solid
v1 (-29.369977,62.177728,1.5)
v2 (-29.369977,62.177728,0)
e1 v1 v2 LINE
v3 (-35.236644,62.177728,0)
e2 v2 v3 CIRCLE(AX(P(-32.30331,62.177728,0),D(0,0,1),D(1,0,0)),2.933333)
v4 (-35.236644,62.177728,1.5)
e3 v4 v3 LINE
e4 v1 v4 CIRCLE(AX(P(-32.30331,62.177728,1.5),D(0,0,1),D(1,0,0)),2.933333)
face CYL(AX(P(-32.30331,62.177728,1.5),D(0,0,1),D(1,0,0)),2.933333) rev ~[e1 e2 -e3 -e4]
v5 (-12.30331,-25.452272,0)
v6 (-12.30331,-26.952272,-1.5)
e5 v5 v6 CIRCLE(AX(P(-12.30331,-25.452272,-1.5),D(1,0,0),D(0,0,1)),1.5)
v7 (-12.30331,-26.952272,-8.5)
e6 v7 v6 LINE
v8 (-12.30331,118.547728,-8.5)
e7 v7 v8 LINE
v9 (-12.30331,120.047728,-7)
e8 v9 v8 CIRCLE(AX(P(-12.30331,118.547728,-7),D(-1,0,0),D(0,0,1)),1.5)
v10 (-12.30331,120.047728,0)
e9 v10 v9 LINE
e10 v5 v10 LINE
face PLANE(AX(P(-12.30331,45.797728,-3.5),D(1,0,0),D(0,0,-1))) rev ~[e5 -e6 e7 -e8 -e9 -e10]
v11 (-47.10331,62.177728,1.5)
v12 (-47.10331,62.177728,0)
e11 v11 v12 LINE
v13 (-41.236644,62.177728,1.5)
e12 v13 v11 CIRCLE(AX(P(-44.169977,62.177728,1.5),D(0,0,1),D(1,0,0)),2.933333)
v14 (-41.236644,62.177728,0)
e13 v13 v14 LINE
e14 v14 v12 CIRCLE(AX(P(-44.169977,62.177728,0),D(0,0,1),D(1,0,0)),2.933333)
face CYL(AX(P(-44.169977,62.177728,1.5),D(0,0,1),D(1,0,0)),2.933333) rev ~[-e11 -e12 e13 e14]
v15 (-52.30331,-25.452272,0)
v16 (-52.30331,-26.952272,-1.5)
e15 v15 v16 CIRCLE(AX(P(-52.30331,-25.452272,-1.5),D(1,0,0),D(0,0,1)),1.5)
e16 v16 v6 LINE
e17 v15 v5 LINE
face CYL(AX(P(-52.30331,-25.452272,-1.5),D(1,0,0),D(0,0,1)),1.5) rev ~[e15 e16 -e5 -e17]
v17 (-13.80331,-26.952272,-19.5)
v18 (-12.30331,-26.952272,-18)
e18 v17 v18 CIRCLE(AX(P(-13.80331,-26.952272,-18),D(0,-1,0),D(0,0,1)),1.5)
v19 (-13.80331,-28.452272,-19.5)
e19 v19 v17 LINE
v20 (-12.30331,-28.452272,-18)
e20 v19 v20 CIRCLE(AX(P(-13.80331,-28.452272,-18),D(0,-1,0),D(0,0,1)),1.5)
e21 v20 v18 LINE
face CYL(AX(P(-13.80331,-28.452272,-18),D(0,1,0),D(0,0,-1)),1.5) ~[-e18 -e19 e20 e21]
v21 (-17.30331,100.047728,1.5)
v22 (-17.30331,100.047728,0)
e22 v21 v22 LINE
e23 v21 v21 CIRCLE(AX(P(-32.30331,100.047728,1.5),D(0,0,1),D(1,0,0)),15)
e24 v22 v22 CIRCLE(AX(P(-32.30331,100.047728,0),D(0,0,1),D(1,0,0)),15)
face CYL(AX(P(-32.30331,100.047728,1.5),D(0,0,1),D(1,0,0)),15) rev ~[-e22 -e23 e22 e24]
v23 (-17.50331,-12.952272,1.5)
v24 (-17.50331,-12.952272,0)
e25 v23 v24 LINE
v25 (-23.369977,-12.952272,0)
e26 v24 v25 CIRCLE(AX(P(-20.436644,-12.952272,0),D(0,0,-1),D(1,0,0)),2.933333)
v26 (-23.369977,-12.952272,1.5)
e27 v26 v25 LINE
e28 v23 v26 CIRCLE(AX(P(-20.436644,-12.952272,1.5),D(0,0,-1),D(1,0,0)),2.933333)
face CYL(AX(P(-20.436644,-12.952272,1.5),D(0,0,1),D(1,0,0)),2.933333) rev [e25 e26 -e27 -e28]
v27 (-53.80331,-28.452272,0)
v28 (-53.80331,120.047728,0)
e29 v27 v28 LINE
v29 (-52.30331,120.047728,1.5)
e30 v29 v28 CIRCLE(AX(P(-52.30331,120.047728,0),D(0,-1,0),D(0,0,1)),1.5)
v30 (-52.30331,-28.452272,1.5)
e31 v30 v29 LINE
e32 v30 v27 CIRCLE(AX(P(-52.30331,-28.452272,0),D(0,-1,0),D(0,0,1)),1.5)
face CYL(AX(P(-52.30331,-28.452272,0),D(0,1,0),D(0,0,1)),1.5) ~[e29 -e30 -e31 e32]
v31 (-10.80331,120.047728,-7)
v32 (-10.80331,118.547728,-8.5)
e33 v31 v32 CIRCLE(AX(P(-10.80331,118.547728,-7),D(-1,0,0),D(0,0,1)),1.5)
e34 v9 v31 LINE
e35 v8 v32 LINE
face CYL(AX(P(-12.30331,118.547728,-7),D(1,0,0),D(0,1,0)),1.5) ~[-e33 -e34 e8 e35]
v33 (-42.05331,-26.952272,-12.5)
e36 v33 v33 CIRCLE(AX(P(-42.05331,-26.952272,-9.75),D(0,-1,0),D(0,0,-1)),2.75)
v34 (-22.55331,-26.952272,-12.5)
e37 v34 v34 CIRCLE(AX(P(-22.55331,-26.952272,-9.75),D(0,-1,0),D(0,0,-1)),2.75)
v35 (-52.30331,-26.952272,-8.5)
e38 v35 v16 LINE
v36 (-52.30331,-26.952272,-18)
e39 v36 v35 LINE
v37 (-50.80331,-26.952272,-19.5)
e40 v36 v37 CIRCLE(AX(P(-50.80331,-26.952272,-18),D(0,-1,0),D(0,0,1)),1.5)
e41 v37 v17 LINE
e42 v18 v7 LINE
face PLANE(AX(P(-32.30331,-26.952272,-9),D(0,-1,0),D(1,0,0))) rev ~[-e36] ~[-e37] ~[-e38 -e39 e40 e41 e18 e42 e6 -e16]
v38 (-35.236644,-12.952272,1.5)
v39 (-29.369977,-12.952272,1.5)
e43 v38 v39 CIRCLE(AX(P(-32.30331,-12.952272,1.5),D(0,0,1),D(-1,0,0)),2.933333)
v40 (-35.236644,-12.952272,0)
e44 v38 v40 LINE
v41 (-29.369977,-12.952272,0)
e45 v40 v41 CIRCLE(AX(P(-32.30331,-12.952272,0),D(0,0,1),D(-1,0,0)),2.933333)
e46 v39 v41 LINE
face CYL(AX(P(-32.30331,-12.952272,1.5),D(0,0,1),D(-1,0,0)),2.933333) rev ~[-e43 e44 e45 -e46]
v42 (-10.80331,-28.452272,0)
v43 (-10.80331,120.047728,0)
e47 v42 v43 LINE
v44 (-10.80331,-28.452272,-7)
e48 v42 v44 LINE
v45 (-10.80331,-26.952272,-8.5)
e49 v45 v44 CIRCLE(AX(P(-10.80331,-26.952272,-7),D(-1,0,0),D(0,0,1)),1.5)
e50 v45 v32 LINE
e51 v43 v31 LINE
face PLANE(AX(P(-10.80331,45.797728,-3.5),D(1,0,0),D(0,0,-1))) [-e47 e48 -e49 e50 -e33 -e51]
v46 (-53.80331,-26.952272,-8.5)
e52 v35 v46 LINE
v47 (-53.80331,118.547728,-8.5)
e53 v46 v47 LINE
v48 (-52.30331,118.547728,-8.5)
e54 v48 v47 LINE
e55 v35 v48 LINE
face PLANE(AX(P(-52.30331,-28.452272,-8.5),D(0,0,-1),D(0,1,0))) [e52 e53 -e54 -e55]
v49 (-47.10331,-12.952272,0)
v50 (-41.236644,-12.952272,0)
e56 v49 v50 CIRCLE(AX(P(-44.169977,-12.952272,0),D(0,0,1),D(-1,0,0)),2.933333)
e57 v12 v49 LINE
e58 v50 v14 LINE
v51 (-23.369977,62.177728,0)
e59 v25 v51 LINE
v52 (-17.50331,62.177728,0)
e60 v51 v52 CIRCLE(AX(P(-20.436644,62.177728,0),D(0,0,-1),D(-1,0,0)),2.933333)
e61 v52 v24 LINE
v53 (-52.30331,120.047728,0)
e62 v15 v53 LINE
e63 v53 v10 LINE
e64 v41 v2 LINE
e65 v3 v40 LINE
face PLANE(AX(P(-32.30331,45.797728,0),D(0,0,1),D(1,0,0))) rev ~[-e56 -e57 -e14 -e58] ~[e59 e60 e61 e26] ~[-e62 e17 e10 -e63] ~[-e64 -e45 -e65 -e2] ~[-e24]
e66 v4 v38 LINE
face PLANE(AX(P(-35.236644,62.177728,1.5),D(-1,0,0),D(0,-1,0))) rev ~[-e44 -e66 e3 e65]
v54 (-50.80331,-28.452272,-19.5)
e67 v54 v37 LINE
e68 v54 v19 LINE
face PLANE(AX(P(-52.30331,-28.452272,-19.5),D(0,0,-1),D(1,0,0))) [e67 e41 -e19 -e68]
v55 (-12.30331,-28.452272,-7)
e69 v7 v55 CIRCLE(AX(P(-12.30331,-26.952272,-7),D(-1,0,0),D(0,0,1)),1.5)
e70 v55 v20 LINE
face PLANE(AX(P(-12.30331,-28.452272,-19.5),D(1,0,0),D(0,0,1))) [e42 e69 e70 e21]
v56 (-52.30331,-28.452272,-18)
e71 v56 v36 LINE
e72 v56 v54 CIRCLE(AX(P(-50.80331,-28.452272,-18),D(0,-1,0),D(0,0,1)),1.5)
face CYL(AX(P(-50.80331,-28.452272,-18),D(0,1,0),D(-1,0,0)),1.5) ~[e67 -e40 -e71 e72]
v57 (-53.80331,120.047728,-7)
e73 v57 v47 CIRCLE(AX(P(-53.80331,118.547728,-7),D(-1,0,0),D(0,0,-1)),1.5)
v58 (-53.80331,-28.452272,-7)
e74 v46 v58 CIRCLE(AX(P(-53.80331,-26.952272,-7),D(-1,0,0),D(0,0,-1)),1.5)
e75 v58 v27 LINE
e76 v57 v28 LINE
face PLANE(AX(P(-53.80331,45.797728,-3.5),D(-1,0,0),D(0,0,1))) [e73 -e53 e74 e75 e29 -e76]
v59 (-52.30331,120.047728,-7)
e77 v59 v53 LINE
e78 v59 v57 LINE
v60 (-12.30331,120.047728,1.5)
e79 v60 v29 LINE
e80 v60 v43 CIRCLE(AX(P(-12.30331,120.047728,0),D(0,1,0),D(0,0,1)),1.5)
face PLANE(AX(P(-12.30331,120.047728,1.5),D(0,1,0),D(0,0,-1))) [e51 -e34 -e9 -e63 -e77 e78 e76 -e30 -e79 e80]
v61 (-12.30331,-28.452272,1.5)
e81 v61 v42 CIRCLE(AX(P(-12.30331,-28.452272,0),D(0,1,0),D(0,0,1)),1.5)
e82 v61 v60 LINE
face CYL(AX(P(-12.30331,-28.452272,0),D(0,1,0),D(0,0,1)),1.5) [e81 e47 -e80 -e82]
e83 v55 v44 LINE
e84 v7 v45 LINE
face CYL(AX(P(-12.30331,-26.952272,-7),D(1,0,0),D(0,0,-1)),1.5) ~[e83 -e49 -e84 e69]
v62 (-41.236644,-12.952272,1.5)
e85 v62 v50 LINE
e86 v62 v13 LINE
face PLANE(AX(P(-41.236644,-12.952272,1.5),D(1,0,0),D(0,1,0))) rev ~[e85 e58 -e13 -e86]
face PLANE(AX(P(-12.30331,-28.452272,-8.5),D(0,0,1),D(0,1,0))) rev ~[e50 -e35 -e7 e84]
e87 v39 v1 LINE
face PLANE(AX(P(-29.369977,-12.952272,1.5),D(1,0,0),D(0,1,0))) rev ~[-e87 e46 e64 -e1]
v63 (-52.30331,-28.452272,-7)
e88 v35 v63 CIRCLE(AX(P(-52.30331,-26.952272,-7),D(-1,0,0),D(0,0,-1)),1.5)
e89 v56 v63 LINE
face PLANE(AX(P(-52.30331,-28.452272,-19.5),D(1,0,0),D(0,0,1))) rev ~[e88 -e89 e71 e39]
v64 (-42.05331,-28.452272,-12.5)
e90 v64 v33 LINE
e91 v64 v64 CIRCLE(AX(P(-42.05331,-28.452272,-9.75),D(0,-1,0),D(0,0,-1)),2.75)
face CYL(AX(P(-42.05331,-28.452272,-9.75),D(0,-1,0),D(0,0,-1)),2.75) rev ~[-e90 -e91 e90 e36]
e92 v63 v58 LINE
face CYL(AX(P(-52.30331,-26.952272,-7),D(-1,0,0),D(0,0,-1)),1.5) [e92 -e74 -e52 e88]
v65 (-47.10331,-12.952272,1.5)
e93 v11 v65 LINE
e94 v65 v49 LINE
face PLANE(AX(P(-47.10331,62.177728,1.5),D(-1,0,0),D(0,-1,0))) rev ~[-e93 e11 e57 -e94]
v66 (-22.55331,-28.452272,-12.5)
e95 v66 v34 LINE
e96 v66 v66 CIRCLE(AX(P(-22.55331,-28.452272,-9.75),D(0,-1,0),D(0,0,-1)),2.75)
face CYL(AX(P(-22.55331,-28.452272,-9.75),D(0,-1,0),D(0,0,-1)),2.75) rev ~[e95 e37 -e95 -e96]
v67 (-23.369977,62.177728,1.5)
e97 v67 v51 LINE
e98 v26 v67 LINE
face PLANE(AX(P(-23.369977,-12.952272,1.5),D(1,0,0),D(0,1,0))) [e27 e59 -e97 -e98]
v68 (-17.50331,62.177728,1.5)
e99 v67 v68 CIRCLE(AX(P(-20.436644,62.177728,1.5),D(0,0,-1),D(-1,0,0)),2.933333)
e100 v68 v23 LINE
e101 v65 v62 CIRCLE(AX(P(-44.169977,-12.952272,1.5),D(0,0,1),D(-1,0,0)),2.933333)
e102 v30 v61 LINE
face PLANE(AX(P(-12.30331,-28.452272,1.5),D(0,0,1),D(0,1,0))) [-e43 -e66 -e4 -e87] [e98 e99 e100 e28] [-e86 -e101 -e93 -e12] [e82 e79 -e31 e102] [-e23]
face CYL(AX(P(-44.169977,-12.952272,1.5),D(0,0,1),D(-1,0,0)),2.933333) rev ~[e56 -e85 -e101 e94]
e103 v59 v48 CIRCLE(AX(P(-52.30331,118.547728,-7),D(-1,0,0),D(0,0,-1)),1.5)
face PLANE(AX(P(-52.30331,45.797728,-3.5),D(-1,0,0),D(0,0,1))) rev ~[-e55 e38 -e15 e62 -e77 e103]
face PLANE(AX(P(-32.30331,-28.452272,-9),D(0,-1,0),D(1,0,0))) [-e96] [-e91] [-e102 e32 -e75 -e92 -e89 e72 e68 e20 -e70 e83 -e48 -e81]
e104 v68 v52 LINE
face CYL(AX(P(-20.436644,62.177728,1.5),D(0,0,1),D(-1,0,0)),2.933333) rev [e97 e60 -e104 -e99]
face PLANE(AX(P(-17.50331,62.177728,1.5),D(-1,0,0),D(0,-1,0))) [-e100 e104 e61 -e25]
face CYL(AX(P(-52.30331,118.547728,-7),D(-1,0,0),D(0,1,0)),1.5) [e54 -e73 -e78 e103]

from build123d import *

# Parameters (mm, degrees)
CROQUIS1_W              = 40
CROQUIS1_H              = 148.5
SALIENTE_EXTRUIR1_DEPTH = 1.5
CROQUIS2_R              = 15
CORTAR_EXTRUIR1_DEPTH   = 1.5
CORTAR_EXTRUIR2_DEPTH   = 1.5
CROQUIS4_W              = 10
CROQUIS4_H              = 148.5
SALIENTE_EXTRUIR2_DEPTH = 1.5
CROQUIS5_W              = 10
CROQUIS5_H              = 148.5
SALIENTE_EXTRUIR3_DEPTH = 1.5
REDONDEO1_R             = 1.5
CROQUIS7_W              = 40
CROQUIS7_H              = 21
SALIENTE_EXTRUIR4_DEPTH = 1.5
REDONDEO2_R             = 1.5
CROQUIS8_R              = 2.75
CORTAR_EXTRUIR3_DEPTH   = 1.5
REDONDEO4_R             = 1.5


with BuildPart() as part:
    # Croquis1 → Saliente-Extruir1 (new body)
    with BuildSketch(Plane.XY):
        with Locations((-32.303310274, 45.797728257)):
            Rectangle(CROQUIS1_W, CROQUIS1_H)
    extrude(amount=SALIENTE_EXTRUIR1_DEPTH)

    # Croquis2 → Cortar-Extruir1 (cut)
    with BuildSketch(Plane.XY.offset(1.5)):
        with Locations((-32.303310274, 100.047728257)):
            Circle(CROQUIS2_R)
    extrude(amount=-CORTAR_EXTRUIR1_DEPTH, mode=Mode.SUBTRACT)

    # Croquis3 → Cortar-Extruir2 (cut)
    with BuildSketch(Plane.XY.offset(1.5)):
        with BuildLine():
            Line((-41.236643608, -12.952271743), (-41.236643608, 62.177728257))
            ThreePointArc((-41.236643608, 62.177728257), (-44.169976941, 65.11106159), (-47.103310274, 62.177728257))
            Line((-47.103310274, 62.177728257), (-47.103310274, -12.952271743))
            ThreePointArc((-47.103310274, -12.952271743), (-44.169976941, -15.885605076), (-41.236643608, -12.952271743))
        make_face()
        with BuildLine():
            Line((-29.369976941, -12.952271743), (-29.369976941, 62.177728257))
            ThreePointArc((-29.369976941, 62.177728257), (-32.303310274, 65.11106159), (-35.236643608, 62.177728257))
            Line((-35.236643608, 62.177728257), (-35.236643608, -12.952271743))
            ThreePointArc((-35.236643608, -12.952271743), (-32.303310274, -15.885605076), (-29.369976941, -12.952271743))
        make_face()
        with BuildLine():
            Line((-17.503310274, 62.177728257), (-17.503310274, -12.952271743))
            ThreePointArc((-17.503310274, -12.952271743), (-20.436643608, -15.885605076), (-23.369976941, -12.952271743))
            Line((-23.369976941, -12.952271743), (-23.369976941, 62.177728257))
            ThreePointArc((-23.369976941, 62.177728257), (-20.436643608, 65.11106159), (-17.503310274, 62.177728257))
        make_face()
    extrude(amount=-CORTAR_EXTRUIR2_DEPTH, mode=Mode.SUBTRACT)

    # Croquis4 → Saliente-Extruir2 (add)
    with BuildSketch(Plane.ZY.offset(52.303310274)):
        with Locations((-3.5, 45.797728257)):
            Rectangle(CROQUIS4_W, CROQUIS4_H)
    extrude(amount=SALIENTE_EXTRUIR2_DEPTH)

    # Croquis5 → Saliente-Extruir3 (add)
    with BuildSketch(Plane(origin=(-12.303310274, 0, 0), x_dir=(0, 0, -1), z_dir=(1, 0, 0))):
        with Locations((3.5, 45.797728257)):
            Rectangle(CROQUIS5_W, CROQUIS5_H)
    extrude(amount=SALIENTE_EXTRUIR3_DEPTH)

    # Redondeo1
    redondeo1_edges = [part.edges().sort_by_distance(p)[0] for p in [
        (-53.803310274, 45.797728257, 1.5),
        (-10.803310274, 45.797728257, 1.5),
    ]]
    fillet(redondeo1_edges, radius=REDONDEO1_R)

    # Croquis7 → Saliente-Extruir4 (add)
    with BuildSketch(Plane.XZ.offset(28.452271743)):
        with Locations((-32.303310274, -9)):
            Rectangle(CROQUIS7_W, CROQUIS7_H)
    extrude(amount=-SALIENTE_EXTRUIR4_DEPTH)

    # Redondeo2
    redondeo2_edges = [part.edges().sort_by_distance(p)[0] for p in [
        (-32.303310274, -26.952271743, 0),
    ]]
    fillet(redondeo2_edges, radius=REDONDEO2_R)

    # Croquis8 → Cortar-Extruir3 (cut)
    with BuildSketch(Plane(origin=(0, -28.452271743, 0), x_dir=(-1, 0, 0), z_dir=(0, -1, 0))):
        with Locations(Location((42.053310274, 9.75, 0), (0, 0, 90))):
            Circle(CROQUIS8_R)
        with Locations(Location((22.553310274, 9.75, 0), (0, 0, 90))):
            Circle(CROQUIS8_R)
    extrude(amount=-CORTAR_EXTRUIR3_DEPTH, mode=Mode.SUBTRACT)

    # Redondeo4
    redondeo4_edges = [part.edges().sort_by_distance(p)[0] for p in [
        (-52.303310274, -27.702271743, -19.5),
        (-12.303310274, -27.702271743, -19.5),
        (-53.053310274, -28.452271743, -8.5),
        (-53.053310274, 120.047728257, -8.5),
        (-11.553310274, -28.452271743, -8.5),
        (-11.553310274, 120.047728257, -8.5),
    ]]
    fillet(redondeo4_edges, radius=REDONDEO4_R)


solid = part.part
